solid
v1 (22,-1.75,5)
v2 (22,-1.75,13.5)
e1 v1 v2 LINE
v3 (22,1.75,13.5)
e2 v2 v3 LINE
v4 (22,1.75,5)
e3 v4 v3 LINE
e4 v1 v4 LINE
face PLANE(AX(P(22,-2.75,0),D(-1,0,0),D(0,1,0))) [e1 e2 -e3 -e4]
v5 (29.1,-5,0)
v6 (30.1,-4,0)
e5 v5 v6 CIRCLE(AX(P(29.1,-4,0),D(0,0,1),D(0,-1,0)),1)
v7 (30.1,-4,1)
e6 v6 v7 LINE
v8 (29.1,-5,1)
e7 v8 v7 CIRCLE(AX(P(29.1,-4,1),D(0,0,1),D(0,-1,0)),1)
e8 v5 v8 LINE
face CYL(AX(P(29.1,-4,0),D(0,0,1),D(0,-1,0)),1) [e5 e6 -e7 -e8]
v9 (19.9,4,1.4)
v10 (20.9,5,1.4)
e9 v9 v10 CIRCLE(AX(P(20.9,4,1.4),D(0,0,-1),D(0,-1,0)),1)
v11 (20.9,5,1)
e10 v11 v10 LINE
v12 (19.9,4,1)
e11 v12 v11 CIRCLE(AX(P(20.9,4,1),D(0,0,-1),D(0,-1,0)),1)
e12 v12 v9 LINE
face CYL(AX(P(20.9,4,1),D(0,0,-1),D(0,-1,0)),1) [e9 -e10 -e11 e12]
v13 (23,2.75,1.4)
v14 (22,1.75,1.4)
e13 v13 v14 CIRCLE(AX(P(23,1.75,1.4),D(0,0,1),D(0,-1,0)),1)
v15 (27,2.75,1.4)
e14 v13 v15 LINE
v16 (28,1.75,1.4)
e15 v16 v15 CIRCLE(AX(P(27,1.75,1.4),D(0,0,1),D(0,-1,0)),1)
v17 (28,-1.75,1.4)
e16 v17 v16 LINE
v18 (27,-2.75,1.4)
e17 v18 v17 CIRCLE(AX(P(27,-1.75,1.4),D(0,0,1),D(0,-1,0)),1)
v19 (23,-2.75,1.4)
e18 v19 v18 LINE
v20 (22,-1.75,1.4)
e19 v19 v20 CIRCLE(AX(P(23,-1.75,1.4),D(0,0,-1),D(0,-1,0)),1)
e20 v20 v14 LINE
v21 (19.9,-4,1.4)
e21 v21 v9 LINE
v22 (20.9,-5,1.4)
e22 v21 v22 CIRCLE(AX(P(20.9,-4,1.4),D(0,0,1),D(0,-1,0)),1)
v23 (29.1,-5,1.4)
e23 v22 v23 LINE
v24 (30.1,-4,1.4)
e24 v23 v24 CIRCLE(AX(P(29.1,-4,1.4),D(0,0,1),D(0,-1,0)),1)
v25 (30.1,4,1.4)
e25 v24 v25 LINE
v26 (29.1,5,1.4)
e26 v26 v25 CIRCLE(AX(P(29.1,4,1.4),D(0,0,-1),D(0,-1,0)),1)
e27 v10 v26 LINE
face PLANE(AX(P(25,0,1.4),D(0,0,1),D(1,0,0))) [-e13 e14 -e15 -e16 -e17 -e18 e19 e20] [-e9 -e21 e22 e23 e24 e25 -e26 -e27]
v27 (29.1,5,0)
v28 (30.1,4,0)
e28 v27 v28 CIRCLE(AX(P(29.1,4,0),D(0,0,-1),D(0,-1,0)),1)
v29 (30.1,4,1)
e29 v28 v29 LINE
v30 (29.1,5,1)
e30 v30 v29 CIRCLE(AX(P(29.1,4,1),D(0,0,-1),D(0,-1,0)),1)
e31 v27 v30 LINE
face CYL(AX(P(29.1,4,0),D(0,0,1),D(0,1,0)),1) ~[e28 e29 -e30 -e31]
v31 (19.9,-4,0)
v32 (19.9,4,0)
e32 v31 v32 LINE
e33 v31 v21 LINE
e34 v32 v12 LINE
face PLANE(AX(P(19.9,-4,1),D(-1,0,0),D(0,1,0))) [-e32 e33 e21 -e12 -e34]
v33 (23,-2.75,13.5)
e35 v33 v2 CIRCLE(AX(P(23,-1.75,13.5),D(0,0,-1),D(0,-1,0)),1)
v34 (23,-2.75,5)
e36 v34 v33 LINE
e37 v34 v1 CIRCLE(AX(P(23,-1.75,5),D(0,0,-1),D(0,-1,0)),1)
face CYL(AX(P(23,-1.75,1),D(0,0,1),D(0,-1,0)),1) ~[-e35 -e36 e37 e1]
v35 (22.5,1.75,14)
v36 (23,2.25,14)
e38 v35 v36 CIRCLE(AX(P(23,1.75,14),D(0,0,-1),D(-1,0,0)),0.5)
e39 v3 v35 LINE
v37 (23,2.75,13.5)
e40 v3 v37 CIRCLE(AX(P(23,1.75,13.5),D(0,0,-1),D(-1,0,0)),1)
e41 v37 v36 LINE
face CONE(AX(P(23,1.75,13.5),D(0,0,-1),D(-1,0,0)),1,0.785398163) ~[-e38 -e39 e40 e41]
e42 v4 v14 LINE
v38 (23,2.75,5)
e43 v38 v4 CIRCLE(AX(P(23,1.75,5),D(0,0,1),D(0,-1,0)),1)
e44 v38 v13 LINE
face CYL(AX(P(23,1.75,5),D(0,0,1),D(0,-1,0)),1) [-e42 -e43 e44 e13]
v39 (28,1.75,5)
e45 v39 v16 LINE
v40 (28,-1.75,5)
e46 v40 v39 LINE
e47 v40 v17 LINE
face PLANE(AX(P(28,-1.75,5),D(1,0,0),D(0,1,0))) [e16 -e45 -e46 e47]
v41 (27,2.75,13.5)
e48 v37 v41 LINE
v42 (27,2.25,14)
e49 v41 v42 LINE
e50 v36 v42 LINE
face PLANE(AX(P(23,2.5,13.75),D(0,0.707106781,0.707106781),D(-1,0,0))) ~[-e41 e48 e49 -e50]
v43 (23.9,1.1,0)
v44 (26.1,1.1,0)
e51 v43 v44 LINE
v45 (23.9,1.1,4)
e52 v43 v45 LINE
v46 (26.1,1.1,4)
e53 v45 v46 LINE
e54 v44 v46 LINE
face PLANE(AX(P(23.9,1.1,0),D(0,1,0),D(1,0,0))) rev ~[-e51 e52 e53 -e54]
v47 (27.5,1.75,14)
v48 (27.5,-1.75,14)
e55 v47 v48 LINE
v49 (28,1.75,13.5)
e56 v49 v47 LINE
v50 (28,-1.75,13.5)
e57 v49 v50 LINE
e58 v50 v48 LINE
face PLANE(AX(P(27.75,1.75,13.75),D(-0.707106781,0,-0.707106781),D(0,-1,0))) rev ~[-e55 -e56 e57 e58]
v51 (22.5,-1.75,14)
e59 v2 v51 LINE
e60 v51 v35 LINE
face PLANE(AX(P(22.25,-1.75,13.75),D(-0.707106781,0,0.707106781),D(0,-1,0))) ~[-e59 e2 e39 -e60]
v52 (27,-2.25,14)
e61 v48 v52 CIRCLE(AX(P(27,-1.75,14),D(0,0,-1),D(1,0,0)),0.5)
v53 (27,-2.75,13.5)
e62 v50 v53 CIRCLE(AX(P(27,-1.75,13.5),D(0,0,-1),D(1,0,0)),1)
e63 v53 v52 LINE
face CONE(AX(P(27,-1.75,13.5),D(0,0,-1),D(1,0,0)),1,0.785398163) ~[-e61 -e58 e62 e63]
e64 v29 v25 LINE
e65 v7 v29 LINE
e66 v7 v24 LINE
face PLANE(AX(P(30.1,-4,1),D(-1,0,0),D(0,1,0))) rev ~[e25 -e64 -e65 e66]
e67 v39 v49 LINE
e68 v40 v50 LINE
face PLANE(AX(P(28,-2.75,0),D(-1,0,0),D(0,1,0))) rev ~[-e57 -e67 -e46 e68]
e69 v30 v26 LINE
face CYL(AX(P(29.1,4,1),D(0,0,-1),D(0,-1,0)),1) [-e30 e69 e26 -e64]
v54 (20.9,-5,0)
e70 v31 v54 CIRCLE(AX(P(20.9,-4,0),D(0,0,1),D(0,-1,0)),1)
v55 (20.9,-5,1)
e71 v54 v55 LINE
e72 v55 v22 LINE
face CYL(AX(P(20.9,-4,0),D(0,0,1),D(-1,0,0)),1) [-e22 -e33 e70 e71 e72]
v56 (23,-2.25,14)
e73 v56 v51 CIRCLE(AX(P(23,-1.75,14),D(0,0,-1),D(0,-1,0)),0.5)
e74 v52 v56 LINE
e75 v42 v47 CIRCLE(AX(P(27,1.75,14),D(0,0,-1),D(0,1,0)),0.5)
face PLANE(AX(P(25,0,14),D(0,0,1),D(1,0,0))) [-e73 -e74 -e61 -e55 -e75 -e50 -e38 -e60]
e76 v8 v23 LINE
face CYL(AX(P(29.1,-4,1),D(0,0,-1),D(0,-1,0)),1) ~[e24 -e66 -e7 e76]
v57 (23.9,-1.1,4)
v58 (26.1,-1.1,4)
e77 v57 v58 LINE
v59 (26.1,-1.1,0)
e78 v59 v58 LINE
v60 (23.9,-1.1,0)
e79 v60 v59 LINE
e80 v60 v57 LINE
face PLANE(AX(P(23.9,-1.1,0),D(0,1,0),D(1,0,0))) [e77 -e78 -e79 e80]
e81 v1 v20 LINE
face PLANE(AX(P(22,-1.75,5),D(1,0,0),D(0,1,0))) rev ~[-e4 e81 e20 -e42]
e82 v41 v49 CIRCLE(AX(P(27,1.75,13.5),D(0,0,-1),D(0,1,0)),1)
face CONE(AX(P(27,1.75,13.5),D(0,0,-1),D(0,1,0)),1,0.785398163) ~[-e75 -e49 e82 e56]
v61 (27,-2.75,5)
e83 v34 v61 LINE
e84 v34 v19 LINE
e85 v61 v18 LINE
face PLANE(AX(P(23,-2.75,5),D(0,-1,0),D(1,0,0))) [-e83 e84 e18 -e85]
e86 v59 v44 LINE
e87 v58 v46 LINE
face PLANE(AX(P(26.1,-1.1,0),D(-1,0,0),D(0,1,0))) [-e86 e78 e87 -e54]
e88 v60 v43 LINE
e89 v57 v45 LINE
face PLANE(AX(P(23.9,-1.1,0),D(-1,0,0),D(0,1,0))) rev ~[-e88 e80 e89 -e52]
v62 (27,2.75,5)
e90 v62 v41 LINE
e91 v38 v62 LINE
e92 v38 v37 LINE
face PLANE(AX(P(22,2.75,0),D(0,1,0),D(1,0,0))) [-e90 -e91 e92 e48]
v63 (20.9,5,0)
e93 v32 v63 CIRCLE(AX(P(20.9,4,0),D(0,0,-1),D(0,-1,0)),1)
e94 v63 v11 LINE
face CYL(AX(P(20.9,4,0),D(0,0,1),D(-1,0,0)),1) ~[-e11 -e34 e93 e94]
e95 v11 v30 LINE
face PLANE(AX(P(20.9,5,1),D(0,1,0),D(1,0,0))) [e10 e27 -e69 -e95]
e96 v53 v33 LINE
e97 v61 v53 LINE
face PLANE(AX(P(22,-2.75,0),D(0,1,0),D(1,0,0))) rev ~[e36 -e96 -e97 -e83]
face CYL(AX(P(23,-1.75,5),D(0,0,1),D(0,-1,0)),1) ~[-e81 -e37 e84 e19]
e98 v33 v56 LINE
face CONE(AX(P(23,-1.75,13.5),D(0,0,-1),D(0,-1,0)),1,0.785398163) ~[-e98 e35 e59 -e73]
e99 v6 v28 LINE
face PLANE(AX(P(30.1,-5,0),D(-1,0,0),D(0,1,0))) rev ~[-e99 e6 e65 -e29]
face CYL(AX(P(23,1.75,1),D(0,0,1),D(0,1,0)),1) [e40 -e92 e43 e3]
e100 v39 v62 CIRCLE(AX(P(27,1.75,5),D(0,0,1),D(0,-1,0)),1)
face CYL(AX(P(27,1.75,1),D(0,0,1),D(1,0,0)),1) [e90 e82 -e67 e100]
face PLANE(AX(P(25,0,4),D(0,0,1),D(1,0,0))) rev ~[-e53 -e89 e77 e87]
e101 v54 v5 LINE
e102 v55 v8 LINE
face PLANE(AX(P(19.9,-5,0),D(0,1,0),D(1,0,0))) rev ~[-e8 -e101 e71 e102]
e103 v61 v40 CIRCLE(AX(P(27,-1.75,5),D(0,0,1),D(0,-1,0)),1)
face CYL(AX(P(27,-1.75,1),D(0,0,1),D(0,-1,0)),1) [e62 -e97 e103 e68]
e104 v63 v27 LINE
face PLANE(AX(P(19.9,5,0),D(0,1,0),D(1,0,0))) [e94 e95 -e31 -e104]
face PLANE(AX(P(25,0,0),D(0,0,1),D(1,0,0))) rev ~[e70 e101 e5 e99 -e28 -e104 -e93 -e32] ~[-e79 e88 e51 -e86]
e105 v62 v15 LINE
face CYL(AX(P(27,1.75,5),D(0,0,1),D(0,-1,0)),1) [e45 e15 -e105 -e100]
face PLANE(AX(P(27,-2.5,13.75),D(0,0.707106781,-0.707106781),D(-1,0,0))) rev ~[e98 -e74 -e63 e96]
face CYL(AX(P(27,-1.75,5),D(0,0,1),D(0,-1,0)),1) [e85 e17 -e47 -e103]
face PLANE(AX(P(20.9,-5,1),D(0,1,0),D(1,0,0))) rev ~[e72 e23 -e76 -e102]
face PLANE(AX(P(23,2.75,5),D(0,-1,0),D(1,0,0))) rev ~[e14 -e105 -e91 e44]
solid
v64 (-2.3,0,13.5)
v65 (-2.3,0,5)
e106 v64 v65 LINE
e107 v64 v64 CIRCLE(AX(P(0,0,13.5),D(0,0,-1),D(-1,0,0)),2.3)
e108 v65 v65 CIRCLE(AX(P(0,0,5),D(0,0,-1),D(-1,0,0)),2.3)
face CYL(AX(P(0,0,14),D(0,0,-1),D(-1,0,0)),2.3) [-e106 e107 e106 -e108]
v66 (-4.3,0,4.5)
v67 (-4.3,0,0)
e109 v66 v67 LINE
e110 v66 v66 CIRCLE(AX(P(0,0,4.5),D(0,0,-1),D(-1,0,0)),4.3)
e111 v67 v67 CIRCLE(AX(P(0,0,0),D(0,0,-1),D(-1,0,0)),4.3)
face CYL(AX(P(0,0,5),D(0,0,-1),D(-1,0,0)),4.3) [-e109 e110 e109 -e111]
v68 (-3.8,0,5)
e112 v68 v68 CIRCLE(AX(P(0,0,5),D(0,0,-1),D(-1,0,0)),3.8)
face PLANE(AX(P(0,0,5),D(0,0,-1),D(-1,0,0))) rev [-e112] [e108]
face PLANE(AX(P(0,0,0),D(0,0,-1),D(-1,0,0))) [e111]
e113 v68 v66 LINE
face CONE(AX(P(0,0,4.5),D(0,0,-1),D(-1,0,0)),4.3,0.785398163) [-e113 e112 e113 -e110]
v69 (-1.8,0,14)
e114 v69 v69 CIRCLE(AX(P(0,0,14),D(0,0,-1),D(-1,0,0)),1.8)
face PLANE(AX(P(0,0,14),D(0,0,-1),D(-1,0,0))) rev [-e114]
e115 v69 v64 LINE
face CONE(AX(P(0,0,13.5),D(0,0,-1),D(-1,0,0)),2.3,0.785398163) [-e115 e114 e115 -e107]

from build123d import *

# Parameters (mm, degrees)
F2_SIZE   = 0.5
F3_W      = 6
F3_H      = 5.5
F3_W_2    = 2.2
F3_H_2    = 2.2
F4_DEPTH  = 14
F3_W_3    = 10.2
F3_H_3    = 10
F5_DEPTH  = 1
F6_R      = 1
F7_SIZE   = 0.5
F8_DEPTH  = 4
F9_DEPTH  = 4
F10_DEPTH = 3.6


with BuildPart() as f1:
    # F0 (on Front) → F1 (revolve)
    with BuildSketch(Plane.XZ):
        Polygon((-4.3, 0), (0, 0), (0, 14), (-2.3, 14), (-2.3, 5), (-4.3, 5), align=None)
    revolve(axis=Axis((0, 0, 7), (0, 0, -1)))

    # F2
    f2_edges = [f1.edges().sort_by_distance(p)[0] for p in [
        (4.3, 0, 5),
        (2.3, 0, 14),
    ]]
    chamfer(f2_edges, length=F2_SIZE)


with BuildPart() as f4:
    # F3 (on Top) → F4 (new body, through all)
    with BuildSketch(Plane.XY):
        with Locations((25, 0)):
            Rectangle(F3_W, F3_H)
        with Locations((25, 0)):
            Rectangle(F3_W_2, F3_H_2, mode=Mode.SUBTRACT)
        with Locations((25, 0)):
            Rectangle(F3_W_2, F3_H_2)
    extrude(amount=F4_DEPTH)

    # F3 (on Top) → F5 (join)
    with BuildSketch(Plane.XY):
        with Locations((25, 0)):
            Rectangle(F3_W_3, F3_H_3)
        with Locations((25, 0)):
            Rectangle(F3_W, F3_H, mode=Mode.SUBTRACT)
    extrude(amount=F5_DEPTH)

    # F6
    f6_edges = [f4.edges().sort_by_distance(p)[0] for p in [
        (22, -2.75, 7.5),
        (28, -2.75, 7.5),
        (28, 2.75, 7.5),
        (22, 2.75, 7.5),
        (30.1, -5, 0.5),
        (19.9, -5, 0.5),
        (30.1, 5, 0.5),
        (19.9, 5, 0.5),
    ]]
    fillet(f6_edges, radius=F6_R)

    # F7
    f7_edges = [f4.edges().sort_by_distance(p)[0] for p in [
        (25, 2.75, 14),
        (27.707107, 2.457107, 14),
        (22.292893, 2.457107, 14),
        (28, 0, 14),
        (22, 0, 14),
        (27.707107, -2.457107, 14),
        (22.292893, -2.457107, 14),
        (25, -2.75, 14),
    ]]
    chamfer(f7_edges, length=F7_SIZE)

    # F3 (on Top) → F8 (cut)
    with BuildSketch(Plane.XY):
        with Locations((25, 0)):
            Rectangle(F3_W_2, F3_H_2)
    extrude(amount=F8_DEPTH, mode=Mode.SUBTRACT)

    # F9 (add, through all): a face of the model
    f9_faces = [f4.faces().sort_by_distance(p)[0] for p in [
        (25, 4.8571574293, 1),
    ]]
    extrude(f9_faces, amount=F9_DEPTH)

    # F10 (cut): a face of the model
    f10_faces = [f4.faces().sort_by_distance(p)[0] for p in [
        (25, 4.8571574293, 5),
    ]]
    extrude(f10_faces, amount=-F10_DEPTH, mode=Mode.SUBTRACT)


solid = Compound([f1.part, f4.part])
